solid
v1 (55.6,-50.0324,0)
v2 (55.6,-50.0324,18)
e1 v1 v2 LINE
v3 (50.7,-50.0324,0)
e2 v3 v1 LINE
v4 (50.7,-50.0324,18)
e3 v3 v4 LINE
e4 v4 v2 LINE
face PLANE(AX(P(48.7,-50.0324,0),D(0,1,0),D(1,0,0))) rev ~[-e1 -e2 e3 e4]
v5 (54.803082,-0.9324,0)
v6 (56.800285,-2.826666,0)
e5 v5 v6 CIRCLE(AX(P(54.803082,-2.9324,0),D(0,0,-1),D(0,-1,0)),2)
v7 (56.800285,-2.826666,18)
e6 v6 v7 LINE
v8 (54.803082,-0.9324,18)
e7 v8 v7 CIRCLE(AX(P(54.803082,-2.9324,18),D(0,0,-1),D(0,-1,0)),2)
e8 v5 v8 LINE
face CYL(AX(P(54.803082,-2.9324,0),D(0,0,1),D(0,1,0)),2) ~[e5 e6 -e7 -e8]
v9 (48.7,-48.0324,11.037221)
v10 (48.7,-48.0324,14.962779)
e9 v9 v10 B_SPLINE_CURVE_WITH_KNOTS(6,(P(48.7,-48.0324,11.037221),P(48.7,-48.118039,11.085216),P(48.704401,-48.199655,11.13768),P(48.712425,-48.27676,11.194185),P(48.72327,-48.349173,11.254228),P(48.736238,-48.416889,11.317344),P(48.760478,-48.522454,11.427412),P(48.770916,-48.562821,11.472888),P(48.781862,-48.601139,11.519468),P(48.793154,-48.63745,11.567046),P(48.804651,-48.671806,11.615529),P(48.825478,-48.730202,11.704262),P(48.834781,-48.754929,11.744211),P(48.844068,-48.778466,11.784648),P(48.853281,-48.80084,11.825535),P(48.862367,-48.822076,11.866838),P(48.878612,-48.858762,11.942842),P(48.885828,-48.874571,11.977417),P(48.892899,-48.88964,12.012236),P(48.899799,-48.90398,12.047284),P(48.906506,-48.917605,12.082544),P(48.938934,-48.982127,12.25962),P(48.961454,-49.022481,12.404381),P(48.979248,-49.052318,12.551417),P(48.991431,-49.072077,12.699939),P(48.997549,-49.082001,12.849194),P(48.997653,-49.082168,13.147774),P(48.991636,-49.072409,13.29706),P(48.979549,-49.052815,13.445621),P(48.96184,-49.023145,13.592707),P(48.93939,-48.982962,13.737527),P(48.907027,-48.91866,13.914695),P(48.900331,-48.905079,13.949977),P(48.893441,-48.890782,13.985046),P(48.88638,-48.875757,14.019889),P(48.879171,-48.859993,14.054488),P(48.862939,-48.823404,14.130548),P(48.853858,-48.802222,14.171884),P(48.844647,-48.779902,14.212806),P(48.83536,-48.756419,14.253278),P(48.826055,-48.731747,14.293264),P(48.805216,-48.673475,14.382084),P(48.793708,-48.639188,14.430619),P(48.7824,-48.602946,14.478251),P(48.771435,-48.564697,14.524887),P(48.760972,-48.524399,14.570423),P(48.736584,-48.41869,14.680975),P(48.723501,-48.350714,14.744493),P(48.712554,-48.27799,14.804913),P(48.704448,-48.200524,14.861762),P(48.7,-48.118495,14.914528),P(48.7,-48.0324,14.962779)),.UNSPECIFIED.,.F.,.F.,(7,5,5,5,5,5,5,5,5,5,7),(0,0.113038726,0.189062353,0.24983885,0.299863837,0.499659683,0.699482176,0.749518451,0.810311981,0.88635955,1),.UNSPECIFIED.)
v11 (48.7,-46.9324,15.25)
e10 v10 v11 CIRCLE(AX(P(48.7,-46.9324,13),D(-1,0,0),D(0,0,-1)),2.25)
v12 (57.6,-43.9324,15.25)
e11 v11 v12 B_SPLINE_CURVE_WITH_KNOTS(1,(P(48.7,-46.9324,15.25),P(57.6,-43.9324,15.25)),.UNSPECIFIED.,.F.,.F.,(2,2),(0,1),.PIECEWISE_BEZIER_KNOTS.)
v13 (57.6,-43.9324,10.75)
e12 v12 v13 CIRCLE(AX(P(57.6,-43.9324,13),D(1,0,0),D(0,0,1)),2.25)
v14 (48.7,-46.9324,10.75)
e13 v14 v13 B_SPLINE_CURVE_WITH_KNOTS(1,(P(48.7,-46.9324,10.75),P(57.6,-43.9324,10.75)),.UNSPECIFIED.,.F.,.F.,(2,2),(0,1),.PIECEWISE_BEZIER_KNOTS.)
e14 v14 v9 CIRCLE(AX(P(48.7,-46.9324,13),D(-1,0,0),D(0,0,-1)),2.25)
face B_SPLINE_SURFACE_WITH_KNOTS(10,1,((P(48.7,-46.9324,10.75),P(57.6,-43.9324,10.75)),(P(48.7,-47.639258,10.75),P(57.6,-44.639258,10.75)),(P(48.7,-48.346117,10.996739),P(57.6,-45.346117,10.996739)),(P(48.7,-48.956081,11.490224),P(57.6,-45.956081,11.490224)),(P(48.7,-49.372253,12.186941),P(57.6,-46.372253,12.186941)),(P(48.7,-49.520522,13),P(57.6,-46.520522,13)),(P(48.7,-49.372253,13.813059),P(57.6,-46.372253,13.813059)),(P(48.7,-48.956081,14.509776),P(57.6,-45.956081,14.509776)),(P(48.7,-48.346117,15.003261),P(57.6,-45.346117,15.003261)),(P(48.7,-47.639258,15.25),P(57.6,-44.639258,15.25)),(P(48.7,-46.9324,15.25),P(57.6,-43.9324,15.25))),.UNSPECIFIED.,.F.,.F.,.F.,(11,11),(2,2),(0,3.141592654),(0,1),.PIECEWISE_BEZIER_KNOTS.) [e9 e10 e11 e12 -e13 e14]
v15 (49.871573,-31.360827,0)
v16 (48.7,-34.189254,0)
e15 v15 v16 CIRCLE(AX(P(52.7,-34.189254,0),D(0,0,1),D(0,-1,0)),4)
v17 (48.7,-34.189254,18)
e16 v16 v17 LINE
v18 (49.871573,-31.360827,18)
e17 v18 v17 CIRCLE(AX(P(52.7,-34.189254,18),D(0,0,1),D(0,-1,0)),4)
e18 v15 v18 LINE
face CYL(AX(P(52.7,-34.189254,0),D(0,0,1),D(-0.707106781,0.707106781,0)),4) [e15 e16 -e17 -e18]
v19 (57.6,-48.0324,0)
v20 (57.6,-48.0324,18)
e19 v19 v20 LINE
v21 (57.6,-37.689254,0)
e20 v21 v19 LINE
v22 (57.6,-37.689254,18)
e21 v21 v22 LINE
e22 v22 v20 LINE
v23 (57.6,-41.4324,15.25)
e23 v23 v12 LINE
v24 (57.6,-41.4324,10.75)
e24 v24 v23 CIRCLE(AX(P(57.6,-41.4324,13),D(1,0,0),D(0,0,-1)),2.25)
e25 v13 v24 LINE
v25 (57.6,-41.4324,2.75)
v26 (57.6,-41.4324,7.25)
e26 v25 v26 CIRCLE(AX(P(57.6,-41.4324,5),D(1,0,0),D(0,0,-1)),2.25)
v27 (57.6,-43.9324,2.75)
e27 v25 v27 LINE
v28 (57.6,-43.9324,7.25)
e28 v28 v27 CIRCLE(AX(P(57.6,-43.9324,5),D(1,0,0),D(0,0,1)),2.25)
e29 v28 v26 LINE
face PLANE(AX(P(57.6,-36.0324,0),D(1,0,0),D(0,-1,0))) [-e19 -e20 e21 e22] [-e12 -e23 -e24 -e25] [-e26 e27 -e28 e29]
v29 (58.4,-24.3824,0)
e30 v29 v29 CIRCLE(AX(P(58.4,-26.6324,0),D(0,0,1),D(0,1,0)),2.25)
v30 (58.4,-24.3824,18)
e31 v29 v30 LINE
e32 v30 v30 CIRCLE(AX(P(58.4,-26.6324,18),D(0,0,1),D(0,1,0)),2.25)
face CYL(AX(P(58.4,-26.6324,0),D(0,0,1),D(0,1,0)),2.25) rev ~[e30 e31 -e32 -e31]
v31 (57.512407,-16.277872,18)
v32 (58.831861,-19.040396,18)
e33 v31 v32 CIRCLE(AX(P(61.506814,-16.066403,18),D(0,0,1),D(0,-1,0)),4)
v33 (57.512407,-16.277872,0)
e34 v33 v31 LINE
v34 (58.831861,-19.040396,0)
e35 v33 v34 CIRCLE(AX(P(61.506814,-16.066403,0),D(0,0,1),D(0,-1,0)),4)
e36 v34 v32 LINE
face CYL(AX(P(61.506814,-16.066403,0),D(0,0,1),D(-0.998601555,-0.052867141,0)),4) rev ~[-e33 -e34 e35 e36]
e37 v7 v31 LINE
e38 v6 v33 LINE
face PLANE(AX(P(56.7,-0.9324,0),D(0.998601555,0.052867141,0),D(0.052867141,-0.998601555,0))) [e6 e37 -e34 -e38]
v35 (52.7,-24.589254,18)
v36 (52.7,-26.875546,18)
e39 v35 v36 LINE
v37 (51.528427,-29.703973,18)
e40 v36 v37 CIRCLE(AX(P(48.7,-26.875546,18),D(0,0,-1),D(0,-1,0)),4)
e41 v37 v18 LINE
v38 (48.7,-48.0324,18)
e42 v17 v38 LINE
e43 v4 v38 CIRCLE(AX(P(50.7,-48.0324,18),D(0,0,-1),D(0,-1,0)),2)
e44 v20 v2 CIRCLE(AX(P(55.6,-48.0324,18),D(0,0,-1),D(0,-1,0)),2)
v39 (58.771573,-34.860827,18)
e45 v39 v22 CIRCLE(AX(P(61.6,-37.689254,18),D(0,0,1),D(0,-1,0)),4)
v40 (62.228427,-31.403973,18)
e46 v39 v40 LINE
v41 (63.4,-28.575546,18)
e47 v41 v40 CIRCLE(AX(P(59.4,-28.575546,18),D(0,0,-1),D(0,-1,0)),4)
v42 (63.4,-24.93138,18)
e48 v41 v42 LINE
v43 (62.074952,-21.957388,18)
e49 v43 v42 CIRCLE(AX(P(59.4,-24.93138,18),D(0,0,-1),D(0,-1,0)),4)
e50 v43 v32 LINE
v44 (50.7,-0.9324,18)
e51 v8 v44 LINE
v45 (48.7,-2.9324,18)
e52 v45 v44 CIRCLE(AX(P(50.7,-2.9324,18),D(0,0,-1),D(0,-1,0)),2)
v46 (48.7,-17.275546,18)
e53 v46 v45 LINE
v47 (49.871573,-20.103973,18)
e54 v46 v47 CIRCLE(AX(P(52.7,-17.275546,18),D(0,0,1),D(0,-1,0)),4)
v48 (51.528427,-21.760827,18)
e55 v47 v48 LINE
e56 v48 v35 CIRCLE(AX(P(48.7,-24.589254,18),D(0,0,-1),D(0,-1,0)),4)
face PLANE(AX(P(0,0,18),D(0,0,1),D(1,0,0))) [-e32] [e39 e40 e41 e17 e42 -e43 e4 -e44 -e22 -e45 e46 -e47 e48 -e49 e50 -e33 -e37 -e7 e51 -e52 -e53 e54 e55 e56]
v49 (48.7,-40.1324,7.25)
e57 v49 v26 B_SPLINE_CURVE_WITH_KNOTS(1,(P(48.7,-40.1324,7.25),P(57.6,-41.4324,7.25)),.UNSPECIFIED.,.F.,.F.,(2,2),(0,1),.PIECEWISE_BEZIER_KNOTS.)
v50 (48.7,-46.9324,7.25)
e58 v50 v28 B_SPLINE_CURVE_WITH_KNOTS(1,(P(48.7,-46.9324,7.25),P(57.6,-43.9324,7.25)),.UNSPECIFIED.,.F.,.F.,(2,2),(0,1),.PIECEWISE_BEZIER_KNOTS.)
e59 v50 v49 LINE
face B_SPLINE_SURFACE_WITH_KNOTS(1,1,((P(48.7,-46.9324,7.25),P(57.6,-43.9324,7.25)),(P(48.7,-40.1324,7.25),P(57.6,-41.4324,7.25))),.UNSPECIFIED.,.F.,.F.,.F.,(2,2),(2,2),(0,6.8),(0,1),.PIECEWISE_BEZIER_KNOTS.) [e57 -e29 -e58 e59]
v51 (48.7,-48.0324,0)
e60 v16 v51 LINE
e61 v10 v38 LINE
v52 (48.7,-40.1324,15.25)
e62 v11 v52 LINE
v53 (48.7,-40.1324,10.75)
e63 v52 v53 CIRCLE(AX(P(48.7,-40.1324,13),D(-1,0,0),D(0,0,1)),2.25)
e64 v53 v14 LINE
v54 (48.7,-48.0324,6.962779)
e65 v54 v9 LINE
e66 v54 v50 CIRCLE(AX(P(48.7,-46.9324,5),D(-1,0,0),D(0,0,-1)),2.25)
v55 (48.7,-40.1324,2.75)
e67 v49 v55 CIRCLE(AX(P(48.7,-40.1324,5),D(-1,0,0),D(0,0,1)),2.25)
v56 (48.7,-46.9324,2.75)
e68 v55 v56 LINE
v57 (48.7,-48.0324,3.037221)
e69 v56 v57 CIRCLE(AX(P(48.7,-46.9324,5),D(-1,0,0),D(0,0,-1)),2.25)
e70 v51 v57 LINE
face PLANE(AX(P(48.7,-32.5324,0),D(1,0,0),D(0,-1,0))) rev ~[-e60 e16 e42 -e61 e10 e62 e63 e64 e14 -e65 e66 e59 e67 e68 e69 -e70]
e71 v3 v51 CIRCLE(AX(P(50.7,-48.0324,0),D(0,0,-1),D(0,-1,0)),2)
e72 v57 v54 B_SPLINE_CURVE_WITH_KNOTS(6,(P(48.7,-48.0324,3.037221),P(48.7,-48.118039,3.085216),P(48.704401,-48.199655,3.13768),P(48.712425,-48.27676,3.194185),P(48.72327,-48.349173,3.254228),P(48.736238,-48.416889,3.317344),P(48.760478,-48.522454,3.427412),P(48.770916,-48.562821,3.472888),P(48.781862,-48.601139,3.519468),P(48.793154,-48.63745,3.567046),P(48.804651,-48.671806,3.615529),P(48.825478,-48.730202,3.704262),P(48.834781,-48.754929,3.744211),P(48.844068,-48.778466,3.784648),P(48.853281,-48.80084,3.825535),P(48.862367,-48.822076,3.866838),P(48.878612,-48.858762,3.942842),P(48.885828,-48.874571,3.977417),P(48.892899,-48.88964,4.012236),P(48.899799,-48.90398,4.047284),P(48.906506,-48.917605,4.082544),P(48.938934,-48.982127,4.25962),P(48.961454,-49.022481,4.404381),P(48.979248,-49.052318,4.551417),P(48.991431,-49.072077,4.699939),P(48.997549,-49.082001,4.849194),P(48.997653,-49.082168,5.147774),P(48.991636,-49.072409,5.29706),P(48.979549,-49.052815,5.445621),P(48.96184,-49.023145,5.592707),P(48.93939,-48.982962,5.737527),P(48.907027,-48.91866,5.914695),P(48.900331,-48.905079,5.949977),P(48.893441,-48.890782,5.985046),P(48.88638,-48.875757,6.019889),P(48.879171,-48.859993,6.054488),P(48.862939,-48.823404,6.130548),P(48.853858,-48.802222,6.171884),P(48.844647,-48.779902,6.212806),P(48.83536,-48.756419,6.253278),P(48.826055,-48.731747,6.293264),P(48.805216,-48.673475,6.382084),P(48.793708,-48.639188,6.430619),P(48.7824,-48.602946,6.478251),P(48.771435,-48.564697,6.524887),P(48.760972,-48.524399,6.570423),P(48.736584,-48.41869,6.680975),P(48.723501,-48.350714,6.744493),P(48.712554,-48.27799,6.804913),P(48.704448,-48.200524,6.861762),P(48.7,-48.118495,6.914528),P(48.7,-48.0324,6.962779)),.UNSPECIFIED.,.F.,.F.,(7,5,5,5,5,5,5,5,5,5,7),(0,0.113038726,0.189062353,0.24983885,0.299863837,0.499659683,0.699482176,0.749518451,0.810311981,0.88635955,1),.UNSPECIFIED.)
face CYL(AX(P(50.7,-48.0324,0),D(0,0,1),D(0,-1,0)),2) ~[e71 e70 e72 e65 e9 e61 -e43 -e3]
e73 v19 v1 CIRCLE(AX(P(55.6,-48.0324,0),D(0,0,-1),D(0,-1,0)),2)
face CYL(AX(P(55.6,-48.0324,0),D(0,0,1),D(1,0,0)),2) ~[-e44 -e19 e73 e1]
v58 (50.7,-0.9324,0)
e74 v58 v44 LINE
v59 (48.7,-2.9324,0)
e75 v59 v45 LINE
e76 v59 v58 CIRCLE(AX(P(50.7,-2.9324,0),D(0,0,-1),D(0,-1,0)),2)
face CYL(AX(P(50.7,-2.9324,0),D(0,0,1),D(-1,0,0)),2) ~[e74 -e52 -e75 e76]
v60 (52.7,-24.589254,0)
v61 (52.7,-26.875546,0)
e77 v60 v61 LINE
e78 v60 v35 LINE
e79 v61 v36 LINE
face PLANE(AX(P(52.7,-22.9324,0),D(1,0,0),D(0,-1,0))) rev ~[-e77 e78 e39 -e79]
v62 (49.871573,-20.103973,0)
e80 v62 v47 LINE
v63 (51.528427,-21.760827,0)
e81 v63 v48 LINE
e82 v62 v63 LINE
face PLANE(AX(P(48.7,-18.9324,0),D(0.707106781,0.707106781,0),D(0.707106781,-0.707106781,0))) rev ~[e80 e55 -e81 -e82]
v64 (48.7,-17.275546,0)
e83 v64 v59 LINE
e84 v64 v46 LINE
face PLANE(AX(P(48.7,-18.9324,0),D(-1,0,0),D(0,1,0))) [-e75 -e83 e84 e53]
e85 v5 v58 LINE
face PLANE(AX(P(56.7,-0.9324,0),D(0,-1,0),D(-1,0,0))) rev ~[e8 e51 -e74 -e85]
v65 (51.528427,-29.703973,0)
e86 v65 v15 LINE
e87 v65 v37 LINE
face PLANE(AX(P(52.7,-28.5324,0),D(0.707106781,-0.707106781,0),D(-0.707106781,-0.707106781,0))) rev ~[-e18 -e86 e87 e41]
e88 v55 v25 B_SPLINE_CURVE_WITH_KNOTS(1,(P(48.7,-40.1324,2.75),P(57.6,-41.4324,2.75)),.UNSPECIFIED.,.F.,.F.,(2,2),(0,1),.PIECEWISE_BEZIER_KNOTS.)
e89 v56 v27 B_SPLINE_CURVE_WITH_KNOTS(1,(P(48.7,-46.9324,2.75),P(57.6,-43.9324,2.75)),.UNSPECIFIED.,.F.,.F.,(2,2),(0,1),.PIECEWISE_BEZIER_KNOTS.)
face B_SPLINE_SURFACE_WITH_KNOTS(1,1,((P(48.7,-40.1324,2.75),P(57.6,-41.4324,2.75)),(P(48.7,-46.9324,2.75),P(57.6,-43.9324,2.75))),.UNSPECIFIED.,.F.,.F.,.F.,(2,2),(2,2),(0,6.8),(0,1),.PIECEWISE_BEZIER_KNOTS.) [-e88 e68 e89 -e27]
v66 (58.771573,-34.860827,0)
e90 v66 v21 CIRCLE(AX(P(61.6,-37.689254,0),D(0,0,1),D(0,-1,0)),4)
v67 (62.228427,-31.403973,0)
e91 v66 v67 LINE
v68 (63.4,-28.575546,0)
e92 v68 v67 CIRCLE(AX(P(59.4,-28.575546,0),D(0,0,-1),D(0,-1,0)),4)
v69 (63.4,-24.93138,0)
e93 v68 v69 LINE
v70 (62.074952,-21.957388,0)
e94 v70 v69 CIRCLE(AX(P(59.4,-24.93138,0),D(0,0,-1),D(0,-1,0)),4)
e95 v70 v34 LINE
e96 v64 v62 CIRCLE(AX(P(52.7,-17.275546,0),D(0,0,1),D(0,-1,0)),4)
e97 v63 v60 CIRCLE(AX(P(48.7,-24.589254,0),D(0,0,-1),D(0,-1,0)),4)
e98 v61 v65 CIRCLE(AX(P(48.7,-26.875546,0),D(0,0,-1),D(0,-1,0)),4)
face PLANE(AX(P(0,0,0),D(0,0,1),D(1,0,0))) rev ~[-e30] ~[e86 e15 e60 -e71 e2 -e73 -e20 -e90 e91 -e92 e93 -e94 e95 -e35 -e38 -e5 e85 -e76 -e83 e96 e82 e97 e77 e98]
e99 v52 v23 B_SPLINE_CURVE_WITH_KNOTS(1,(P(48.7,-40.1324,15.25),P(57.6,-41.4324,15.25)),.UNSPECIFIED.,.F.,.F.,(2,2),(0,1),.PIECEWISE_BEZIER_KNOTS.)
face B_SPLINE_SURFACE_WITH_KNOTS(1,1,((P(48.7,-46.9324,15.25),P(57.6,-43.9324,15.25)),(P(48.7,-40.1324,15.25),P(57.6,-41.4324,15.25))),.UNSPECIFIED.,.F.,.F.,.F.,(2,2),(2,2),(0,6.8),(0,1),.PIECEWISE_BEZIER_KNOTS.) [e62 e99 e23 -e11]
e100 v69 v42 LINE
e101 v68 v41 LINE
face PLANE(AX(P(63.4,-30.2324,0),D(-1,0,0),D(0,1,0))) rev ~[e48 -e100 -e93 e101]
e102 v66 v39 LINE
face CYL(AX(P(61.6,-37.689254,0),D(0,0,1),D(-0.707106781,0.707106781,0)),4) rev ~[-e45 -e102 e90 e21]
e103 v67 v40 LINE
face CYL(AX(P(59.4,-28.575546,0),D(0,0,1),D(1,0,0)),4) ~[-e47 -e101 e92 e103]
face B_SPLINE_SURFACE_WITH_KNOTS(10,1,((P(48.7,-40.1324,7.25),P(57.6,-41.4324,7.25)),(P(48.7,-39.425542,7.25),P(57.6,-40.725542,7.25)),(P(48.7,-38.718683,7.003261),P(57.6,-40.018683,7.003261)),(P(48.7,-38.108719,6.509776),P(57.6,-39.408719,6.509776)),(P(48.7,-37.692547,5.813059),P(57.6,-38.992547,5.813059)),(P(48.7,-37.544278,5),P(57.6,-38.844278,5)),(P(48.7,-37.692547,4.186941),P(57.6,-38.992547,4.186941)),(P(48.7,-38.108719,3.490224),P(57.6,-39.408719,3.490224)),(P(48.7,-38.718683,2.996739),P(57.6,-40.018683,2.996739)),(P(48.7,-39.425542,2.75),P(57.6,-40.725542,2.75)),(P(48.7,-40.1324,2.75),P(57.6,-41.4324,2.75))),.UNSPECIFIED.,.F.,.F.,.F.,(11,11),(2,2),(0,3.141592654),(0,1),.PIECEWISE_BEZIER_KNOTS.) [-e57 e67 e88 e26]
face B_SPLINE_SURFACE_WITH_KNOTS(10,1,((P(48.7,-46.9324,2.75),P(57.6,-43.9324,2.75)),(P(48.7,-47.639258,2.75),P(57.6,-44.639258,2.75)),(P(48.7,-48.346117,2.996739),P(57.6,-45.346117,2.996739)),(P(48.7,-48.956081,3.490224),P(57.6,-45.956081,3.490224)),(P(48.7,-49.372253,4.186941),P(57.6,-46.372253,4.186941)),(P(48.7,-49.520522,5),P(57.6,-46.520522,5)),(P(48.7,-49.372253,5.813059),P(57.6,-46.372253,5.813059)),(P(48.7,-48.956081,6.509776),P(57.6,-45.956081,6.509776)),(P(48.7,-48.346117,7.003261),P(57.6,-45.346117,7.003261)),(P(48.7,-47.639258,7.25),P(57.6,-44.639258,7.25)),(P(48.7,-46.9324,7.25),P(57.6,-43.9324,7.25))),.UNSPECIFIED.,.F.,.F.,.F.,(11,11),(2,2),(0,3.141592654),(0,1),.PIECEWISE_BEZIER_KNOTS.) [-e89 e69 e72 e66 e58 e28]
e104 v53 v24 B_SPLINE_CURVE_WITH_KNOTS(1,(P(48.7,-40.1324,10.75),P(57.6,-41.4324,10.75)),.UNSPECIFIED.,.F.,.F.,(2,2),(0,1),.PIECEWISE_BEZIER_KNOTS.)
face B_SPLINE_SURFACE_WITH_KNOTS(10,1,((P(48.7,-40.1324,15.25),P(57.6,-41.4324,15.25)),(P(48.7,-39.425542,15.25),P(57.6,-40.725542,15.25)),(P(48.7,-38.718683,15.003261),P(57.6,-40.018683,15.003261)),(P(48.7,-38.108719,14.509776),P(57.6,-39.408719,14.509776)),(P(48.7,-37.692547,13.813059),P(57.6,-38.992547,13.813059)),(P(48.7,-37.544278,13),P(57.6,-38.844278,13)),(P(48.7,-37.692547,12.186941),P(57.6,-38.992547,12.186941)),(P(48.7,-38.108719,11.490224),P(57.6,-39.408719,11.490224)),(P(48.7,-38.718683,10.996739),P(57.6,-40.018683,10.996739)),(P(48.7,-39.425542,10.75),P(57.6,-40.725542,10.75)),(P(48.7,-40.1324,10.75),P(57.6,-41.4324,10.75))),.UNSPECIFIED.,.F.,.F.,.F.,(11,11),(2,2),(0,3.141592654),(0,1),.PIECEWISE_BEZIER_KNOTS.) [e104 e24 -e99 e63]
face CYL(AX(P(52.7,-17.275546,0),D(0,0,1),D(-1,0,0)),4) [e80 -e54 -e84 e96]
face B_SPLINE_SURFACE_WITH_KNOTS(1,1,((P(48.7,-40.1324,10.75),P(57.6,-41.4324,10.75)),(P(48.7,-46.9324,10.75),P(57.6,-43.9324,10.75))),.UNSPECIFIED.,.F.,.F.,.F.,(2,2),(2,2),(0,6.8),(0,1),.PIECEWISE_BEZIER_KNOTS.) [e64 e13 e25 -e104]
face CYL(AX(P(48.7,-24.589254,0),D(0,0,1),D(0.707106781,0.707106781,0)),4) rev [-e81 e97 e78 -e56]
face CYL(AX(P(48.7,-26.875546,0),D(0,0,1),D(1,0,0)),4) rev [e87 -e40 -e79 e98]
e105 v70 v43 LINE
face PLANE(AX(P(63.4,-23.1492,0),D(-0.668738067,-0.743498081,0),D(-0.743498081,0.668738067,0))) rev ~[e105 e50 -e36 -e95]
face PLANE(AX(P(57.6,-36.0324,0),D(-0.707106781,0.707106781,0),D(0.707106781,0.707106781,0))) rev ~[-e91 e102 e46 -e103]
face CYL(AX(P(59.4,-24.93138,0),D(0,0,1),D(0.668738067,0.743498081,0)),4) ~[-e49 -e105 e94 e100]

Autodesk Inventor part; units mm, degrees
ref_plane "YZ Plane" through (0, 0, 0) normal (1, 0, 0) x (0, 1, 0)
ref_plane "XZ Plane" through (0, 0, 0) normal (0, 1, 0) x (-1, 0, 0)
ref_plane "XY Plane" through (0, 0, 0) normal (0, 0, 1) x (1, 0, 0)
sketch "Sketch1" plane through (0, 0, 0) normal (0, 0, 1) x (1, 0, 0)
  line L0 (-0.0471, -0.0824) -> (104.8002, -0.0824) construction
  line L1 (104.8002, -0.0824) -> (104.8002, -53.0533) construction
  line L2 (104.8002, -53.0533) -> (-0.0471, -53.0533) construction
  line L3 (-0.0471, -53.0533) -> (-0.0471, -0.0824) construction
  line L4 (48.7, -18.9324) -> (48.7, -0.9324)
  line L5 (56.7, -0.9324) -> (57.6, -17.9324)
  line L6 (57.6, -36.0324) -> (57.6, -50.0324)
  line L7 (48.7, -50.0324) -> (57.6, -50.0324)
  line L8 (56.7, -0.9324) -> (48.7, -0.9324)
  line L9 (48.7, -18.9324) -> (52.7, -22.9324)
  line L10 (52.7, -22.9324) -> (52.7, -28.5324)
  line L11 (52.7, -28.5324) -> (48.7, -32.5324)
  line L12 (57.6, -36.0324) -> (63.4, -30.2324)
  line L13 (63.4, -30.2324) -> (63.4, -23.1492)
  line L14 (63.4, -23.1492) -> (57.6, -17.9324)
  line L15 (48.7, -32.5324) -> (48.7, -50.0324)
  point P0 (0, 0)
  dimension "d19" = 49.1
  dimension "d44" = 8
  dimension "d68" = 48.7
  dimension "d74" = 135
  dimension "d77" = 135
  dimension "d82" = 0.9
  dimension "d85" = 10.7
  dimension "d86" = 135
  dimension "d87" = 135
  dimension "d96" = 0.85
  dimension "d104" = 18
  dimension "d105" = 17.5
  dimension "d117" = 8.9
  dimension "d120" = 14
  dimension "d121" = 17
  dimension "d124" = 4
extrude "Extrusion2" add sketch "Sketch1" along normal blind 18
fillet "Fillet3" radius 2 4 edges at (56.7, -0.9324, 9) (48.7, -0.9324, 9) (57.6, -50.0324, 9) (48.7, -50.0324, 9)
fillet "Fillet4" radius 4 8 edges at (48.7, -18.9324, 9) (57.6, -17.9324, 9) (52.7, -22.9324, 9) (52.7, -28.5324, 9) (48.7, -32.5324, 9) (57.6, -36.0324, 9) (63.4, -30.2324, 9) (63.4, -23.1492, 9)
sketch "Sketch2" plane through (48.7, -48.0324, 0) normal (-1, 0, 0) x (0, 0, 1)
  line L0 (0, 0) -> (0, 13.8431) projected
  line L1 (18, 13.8431) -> (18, 0) projected
  line L2 (0, -2) -> (18, -2) projected
  line L3 (5, 1.1) -> (5, 7.9) construction
  line L4 (7.25, 1.1) -> (7.25, 7.9)
  line L5 (2.75, 7.9) -> (2.75, 1.1)
  arc A0 (2.75, 1.1) -> (7.25, 1.1) centre (5, 1.1) ccw
  arc A1 (7.25, 7.9) -> (2.75, 7.9) centre (5, 7.9) ccw
  line L6 (13, 7.9) -> (13, 1.1) construction
  line L7 (10.75, 7.9) -> (10.75, 1.1)
  line L8 (15.25, 1.1) -> (15.25, 7.9)
  arc A2 (15.25, 7.9) -> (10.75, 7.9) centre (13, 7.9) ccw
  arc A3 (10.75, 1.1) -> (15.25, 1.1) centre (13, 1.1) ccw
  point P0 (0, 48.0324)
  point P1 (5, 4.5)
  point P2 (13, 4.5)
  dimension "d129" = 4.5
  dimension "d130" = 6.8
  dimension "d131" = 3.1
  dimension "d132" = 5
  dimension "d133" = 5
sketch "Sketch3" plane through (57.6, -48.0324, 18) normal (1, 0, 0) x (0, 0, -1)
  line L0 (5, 7.9) -> (5, 1.1) construction
  line L1 (13, 1.1) -> (13, 7.9) construction
  line L2 (5, 4.1) -> (5, 6.6) construction
  line L3 (7.25, 4.1) -> (7.25, 6.6)
  line L4 (2.75, 6.6) -> (2.75, 4.1)
  arc A0 (2.75, 4.1) -> (7.25, 4.1) centre (5, 4.1) ccw
  arc A1 (7.25, 6.6) -> (2.75, 6.6) centre (5, 6.6) ccw
  line L5 (13, 4.1) -> (13, 6.6) construction
  line L6 (10.75, 4.1) -> (10.75, 6.6)
  line L7 (15.25, 6.6) -> (15.25, 4.1)
  arc A2 (10.75, 4.1) -> (15.25, 4.1) centre (13, 4.1) ccw
  arc A3 (15.25, 6.6) -> (10.75, 6.6) centre (13, 6.6) ccw
  line L8 (0, -2) -> (18, -2) projected
  point P0 (18, 48.0324)
  point P1 (5, 5.35)
  point P2 (13, 5.35)
  dimension "d134" = 2.5
  dimension "d135" = 4.5
  dimension "d136" = 6.1
loft "Loft1" cut profiles "Sketch2", "Sketch3" contours A0 L5 A1 L4 / L6 A3 L7 A2
loft "Loft2" cut profiles "Sketch2", "Sketch3" contours A2 L8 A3 L7 / A0 L4 A1 L3
sketch "Sketch4" plane through (0, 0, 0) normal (0, 0, -1) x (-1, 0, 0)
  line L0 (-63.4, -24.9314) -> (-63.4, -28.5756) projected
  line L1 (-50.7, -0.9324) -> (-54.8031, -0.9324) projected
  point P0 (0, 0)
  point P1 (-58.4, -26.6324)
  dimension "d145" = 25.7
  dimension "d146" = 5
hole "Hole1" at (58.4, -26.6324, 0) direction (0, 0, 1) diameter 4.5 end through all
properties part number "ExtruderSatoerCamArm"
